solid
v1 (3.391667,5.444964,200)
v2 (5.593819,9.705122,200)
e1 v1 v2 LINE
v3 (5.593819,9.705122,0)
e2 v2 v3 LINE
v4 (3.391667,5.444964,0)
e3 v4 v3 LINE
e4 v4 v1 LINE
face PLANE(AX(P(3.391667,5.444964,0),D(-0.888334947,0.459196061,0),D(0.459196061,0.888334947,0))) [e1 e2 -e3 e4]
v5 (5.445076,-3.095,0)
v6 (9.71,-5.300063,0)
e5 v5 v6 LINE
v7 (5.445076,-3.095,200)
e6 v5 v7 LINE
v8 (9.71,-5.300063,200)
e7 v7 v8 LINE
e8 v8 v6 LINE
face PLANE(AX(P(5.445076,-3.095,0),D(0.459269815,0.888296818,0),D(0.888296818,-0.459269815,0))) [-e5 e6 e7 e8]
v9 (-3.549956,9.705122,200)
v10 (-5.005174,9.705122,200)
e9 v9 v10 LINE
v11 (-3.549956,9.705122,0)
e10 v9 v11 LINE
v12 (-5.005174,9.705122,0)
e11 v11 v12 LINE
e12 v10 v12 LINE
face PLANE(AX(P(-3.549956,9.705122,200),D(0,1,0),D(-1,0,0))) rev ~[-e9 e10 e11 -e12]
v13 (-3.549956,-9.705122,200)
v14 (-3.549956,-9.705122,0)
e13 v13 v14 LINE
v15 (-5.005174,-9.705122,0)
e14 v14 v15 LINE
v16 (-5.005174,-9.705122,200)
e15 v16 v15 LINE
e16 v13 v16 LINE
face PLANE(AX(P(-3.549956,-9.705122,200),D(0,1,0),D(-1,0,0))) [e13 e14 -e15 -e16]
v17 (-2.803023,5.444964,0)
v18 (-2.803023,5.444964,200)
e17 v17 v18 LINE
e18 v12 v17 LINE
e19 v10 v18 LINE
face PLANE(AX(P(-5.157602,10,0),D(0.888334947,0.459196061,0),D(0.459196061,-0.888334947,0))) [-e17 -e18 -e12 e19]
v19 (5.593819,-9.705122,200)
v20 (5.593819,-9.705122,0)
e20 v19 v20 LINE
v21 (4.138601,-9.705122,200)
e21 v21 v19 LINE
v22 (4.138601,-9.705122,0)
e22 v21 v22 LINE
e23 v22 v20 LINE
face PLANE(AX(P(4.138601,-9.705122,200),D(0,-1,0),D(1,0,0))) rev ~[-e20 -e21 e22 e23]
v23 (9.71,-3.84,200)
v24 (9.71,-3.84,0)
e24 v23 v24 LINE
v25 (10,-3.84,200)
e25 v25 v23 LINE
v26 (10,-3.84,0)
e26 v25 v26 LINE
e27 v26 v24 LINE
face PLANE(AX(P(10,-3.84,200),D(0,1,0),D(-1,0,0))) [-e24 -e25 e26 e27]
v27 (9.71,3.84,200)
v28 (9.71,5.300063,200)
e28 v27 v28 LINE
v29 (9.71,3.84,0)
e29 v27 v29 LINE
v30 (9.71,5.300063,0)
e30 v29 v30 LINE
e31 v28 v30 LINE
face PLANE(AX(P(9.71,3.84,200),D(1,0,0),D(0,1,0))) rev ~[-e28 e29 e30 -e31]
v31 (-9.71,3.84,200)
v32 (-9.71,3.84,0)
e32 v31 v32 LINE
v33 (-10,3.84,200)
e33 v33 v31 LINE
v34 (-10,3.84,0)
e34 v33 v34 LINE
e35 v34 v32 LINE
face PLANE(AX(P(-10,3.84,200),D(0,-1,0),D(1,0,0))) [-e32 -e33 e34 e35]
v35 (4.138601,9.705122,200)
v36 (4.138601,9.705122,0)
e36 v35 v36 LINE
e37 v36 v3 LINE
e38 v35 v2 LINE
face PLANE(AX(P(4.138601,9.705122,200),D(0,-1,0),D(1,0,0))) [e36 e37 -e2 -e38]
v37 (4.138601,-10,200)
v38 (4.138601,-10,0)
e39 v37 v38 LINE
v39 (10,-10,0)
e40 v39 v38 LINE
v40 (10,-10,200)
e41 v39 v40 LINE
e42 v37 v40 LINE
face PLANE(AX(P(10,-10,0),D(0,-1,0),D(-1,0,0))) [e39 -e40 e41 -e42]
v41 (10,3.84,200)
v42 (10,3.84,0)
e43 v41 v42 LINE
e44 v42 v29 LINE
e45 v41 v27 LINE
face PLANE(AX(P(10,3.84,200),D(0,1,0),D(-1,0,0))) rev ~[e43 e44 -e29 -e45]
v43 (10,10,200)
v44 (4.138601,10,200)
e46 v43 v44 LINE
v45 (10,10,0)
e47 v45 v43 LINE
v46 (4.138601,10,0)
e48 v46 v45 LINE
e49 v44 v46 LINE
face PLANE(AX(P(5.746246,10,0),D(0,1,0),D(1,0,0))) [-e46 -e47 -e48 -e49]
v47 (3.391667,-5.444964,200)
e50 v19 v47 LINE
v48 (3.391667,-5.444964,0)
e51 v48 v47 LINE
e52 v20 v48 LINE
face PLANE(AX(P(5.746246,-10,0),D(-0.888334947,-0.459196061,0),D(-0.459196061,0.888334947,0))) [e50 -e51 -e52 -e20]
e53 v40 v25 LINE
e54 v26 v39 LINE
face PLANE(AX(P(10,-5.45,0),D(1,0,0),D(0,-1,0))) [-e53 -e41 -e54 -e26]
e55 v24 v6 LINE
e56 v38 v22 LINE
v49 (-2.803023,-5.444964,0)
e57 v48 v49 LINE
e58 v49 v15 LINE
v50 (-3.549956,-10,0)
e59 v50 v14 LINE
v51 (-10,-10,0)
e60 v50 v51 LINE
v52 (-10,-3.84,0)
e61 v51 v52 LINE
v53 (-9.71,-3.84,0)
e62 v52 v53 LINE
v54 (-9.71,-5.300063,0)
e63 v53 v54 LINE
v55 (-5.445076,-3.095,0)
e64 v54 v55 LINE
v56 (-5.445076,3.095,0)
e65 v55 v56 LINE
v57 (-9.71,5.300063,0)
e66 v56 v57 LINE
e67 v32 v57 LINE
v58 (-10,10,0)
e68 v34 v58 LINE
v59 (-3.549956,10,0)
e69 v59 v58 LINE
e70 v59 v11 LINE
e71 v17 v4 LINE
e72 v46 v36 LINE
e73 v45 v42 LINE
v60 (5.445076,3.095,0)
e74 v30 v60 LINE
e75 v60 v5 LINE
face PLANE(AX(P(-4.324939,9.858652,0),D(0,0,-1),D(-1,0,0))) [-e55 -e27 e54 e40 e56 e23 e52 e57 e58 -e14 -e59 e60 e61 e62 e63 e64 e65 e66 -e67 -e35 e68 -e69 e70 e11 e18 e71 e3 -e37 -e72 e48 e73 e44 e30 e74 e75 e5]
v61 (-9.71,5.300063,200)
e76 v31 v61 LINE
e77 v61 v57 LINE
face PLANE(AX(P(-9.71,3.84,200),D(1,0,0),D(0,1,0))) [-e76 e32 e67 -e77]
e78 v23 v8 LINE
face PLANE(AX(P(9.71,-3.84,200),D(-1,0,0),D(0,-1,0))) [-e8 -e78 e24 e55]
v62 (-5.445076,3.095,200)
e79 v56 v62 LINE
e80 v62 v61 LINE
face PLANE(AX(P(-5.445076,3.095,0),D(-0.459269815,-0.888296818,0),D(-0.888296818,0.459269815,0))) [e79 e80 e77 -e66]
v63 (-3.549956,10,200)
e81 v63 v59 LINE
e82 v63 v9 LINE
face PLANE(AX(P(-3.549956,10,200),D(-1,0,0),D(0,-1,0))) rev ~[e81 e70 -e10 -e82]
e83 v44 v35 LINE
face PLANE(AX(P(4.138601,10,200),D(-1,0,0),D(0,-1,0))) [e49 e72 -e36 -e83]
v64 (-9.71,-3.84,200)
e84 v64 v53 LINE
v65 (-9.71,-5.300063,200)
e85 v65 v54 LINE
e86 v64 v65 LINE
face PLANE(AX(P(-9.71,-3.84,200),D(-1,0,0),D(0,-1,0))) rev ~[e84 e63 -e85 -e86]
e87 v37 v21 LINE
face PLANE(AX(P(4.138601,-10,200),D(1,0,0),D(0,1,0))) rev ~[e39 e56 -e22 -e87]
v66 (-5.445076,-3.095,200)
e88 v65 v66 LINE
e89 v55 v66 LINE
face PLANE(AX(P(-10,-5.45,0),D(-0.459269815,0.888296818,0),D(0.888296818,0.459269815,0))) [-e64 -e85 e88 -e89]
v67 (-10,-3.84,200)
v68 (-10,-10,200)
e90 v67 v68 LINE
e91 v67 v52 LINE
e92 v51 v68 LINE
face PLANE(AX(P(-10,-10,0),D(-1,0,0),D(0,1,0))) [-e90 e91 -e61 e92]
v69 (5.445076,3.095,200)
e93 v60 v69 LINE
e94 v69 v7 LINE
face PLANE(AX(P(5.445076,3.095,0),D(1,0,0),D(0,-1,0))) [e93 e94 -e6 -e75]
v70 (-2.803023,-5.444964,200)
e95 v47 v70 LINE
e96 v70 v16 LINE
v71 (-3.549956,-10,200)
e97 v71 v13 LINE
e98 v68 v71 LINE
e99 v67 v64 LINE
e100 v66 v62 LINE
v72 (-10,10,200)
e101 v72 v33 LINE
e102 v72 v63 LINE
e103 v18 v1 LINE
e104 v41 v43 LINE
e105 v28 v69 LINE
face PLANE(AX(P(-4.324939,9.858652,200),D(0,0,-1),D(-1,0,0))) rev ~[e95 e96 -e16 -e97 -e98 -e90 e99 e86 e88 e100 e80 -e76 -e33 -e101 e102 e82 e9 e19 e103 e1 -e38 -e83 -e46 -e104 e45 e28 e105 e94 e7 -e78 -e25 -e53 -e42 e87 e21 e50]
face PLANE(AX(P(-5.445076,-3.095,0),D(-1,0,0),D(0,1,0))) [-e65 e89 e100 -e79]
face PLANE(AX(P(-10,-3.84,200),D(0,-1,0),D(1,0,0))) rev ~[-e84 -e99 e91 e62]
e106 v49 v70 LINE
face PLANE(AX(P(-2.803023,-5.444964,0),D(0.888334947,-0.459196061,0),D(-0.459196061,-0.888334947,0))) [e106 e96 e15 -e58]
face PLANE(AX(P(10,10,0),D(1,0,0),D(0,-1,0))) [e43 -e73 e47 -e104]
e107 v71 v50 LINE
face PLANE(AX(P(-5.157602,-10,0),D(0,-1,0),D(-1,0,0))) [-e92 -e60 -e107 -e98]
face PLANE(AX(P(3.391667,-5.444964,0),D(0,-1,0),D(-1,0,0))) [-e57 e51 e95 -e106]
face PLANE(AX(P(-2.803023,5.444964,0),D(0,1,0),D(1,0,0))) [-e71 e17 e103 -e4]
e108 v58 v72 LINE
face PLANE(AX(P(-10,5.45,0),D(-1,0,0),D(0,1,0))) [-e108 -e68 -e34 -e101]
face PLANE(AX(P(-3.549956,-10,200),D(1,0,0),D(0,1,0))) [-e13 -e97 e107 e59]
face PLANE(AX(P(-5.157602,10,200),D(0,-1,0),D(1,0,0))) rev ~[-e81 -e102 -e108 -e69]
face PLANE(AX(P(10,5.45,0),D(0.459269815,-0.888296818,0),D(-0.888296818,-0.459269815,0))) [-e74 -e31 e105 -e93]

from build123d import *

# Parameters (mm, degrees)
Y_KSEKLIK_EKSTR_ZYON1_DEPTH = 200
Y_KSEKLIK_EKSTR_ZYON3_DEPTH = 200


with BuildPart() as part:
    # Çizim1 → Yükseklik-Ekstrüzyon1 (new body)
    with BuildSketch(Plane.XY):
        Polygon((-5.15760167, 10), (-2.80302277, 5.444963707), (3.391667495, 5.444963707), (5.746246396, 10), (10, 10), (10, 5.45), (5.445076204, 3.095), (5.445076204, -3.095), (10, -5.45), (10, -10), (5.746246396, -10), (3.391667495, -5.444963707), (-2.80302277, -5.444963707), (-5.15760167, -10), (-10, -10), (-10, -5.45), (-5.445076204, -3.095), (-5.445076204, 3.095), (-10, 5.45), (-10, 10), align=None)
    extrude(amount=Y_KSEKLIK_EKSTR_ZYON1_DEPTH)

    # Çizim4 → Yükseklik-Ekstrüzyon3 (add)
    with BuildSketch(Plane.XY.offset(200)):
        Polygon((-5.15760167, 10), (-3.54995598, 10), (-3.54995598, 9.705121592), (-5.005173801, 9.705121592), align=None)
        Polygon((10, 3.84), (9.71, 3.84), (9.71, 5.300063353), (10, 5.45), align=None)
        Polygon((5.593818526, 9.705121592), (5.746246396, 10), (4.138600705, 10), (4.138600705, 9.705121592), align=None)
        Polygon((5.746246396, -10), (4.138600705, -10), (4.138600705, -9.705121592), (5.593818526, -9.705121592), align=None)
        Polygon((-5.005173801, -9.705121592), (-5.15760167, -10), (-3.54995598, -10), (-3.54995598, -9.705121592), align=None)
        Polygon((-10, 5.45), (-10, 3.84), (-9.71, 3.84), (-9.71, 5.300063353), align=None)
        Polygon((9.71, -5.300063353), (10, -5.45), (10, -3.84), (9.71, -3.84), align=None)
        Polygon((-9.71, -5.300063353), (-10, -5.45), (-10, -3.84), (-9.71, -3.84), align=None)
    extrude(amount=-Y_KSEKLIK_EKSTR_ZYON3_DEPTH)


solid = part.part
